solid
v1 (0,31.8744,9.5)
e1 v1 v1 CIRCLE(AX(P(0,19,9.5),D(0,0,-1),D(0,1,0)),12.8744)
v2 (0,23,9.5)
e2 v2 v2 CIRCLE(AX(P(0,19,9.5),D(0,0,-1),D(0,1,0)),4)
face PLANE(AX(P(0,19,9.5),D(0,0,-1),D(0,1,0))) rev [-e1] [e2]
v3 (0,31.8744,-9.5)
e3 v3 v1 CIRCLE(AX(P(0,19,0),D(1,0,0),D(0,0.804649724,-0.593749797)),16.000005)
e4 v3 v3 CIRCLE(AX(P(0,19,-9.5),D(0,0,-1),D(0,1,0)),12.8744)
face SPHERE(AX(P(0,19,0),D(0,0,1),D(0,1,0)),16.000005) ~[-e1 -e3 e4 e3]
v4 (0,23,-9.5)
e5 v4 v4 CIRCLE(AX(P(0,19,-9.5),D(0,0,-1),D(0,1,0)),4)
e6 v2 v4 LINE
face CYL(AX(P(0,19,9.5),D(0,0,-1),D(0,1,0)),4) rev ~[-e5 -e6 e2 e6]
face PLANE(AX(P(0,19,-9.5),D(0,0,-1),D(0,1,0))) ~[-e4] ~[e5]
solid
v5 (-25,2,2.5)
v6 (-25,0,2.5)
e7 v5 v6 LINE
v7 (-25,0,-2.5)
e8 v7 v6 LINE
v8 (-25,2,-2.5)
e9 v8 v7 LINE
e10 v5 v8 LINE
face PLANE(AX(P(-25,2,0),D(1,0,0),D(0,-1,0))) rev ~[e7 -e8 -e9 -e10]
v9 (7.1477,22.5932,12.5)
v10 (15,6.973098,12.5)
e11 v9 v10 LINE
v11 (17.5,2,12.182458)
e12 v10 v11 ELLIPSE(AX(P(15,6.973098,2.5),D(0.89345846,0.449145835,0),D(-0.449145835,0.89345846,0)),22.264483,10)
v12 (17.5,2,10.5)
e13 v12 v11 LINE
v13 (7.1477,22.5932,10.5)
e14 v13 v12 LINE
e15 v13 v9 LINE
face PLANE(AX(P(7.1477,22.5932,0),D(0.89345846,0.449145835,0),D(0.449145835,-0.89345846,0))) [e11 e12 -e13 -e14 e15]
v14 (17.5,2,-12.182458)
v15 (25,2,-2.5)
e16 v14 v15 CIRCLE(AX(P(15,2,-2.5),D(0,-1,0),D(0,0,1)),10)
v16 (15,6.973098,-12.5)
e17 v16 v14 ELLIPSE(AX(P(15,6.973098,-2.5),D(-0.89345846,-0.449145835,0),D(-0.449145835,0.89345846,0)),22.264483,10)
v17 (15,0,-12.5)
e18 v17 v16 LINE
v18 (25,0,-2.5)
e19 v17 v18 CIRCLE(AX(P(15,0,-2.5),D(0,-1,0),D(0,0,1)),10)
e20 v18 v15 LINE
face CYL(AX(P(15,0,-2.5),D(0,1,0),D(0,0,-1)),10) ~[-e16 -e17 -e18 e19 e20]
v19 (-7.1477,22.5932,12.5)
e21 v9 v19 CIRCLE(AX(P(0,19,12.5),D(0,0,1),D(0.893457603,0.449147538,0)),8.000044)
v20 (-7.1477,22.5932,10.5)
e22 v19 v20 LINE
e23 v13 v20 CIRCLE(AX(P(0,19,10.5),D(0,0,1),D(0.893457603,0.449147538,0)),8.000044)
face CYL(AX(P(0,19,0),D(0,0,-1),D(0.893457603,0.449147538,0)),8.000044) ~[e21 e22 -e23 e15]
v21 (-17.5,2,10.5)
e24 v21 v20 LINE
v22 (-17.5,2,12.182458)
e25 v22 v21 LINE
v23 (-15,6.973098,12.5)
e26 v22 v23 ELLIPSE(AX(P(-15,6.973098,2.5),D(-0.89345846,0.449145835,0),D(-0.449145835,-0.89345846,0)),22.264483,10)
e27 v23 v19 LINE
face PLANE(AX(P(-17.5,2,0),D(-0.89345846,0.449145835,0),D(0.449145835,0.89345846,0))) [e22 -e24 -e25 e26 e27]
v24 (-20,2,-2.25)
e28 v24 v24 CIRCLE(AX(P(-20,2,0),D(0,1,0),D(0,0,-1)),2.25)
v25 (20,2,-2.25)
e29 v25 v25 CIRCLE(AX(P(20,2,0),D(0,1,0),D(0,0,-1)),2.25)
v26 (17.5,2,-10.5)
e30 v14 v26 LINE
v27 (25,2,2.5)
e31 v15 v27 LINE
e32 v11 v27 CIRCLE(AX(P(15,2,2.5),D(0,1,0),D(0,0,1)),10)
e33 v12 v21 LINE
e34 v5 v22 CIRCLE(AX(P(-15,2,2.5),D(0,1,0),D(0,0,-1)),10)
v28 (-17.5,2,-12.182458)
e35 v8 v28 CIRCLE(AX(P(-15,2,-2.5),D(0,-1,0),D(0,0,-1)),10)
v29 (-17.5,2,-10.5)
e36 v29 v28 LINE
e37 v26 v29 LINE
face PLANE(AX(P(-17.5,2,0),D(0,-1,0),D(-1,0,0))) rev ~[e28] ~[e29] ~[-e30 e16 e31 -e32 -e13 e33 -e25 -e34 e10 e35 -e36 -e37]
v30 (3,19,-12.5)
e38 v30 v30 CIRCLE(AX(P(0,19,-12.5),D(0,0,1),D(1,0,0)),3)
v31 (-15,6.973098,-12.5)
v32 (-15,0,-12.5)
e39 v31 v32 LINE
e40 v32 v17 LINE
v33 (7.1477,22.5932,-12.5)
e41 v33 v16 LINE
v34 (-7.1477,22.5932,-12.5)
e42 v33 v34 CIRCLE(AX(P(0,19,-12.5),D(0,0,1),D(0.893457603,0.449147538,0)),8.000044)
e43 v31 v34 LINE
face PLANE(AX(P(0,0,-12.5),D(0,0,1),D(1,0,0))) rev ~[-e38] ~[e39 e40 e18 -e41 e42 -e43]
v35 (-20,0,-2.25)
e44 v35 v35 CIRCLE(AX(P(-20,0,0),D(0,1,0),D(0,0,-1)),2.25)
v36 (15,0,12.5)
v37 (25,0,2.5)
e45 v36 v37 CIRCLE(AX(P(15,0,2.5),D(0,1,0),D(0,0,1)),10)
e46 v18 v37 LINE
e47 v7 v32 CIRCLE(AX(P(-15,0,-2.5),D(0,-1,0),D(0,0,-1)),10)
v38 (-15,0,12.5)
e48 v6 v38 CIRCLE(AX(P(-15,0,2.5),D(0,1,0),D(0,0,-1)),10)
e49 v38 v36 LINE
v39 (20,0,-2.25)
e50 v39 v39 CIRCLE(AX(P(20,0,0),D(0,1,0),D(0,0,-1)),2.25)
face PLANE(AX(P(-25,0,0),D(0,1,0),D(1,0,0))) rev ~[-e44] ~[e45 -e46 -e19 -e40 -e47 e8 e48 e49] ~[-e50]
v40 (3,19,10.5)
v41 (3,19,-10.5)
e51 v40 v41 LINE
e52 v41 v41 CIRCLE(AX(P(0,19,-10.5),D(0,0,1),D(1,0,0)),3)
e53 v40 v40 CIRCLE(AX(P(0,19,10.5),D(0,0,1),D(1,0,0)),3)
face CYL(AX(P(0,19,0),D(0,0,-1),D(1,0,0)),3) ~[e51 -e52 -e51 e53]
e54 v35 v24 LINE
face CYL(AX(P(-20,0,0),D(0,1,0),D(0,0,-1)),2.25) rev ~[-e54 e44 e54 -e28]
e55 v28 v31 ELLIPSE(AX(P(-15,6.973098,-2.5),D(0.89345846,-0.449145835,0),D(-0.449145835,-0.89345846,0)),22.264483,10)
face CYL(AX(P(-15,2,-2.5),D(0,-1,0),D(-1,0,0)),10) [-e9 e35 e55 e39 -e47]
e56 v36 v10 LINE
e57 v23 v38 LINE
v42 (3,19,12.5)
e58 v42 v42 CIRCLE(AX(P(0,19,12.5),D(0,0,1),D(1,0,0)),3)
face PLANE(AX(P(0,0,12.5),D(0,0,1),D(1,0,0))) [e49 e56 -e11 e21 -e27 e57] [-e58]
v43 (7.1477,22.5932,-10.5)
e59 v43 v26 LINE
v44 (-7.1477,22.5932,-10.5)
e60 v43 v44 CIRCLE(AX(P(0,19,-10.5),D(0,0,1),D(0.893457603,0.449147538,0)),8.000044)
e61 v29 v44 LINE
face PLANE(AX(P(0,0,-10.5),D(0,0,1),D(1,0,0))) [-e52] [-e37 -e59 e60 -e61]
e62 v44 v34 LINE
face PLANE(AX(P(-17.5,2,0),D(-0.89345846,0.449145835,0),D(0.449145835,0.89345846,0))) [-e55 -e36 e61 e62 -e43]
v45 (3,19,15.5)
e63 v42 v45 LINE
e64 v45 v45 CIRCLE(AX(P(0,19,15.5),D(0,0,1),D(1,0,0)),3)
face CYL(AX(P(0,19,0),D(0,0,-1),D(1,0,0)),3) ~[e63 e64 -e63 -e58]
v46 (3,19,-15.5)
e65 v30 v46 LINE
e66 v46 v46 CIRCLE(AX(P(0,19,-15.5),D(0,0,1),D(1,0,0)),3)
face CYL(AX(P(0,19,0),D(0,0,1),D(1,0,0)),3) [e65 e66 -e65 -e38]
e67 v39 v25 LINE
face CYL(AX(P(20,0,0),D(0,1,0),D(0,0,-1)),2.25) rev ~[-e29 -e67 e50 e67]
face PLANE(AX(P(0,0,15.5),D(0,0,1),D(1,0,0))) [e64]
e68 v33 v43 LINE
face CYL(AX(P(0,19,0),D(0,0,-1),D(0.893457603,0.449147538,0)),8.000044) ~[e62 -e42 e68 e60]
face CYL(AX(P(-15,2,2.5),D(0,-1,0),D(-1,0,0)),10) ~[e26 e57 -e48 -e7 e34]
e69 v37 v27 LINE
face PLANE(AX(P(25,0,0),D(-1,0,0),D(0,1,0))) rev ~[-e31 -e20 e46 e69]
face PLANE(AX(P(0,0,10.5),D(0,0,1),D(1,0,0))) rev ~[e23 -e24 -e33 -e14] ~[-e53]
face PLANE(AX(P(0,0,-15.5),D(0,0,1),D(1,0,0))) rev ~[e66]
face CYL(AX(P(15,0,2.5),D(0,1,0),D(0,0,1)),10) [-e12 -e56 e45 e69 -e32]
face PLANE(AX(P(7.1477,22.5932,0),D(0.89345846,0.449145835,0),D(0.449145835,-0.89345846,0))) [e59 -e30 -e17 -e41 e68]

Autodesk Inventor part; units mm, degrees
ref_plane "YZ Plane" through (0, 0, 0) normal (1, 0, 0) x (0, 1, 0)
ref_plane "XZ Plane" through (0, 0, 0) normal (0, 1, 0) x (-1, 0, 0)
ref_plane "XY Plane" through (0, 0, 0) normal (0, 0, 1) x (1, 0, 0)
sketch "Sketch1" plane through (0, 0, 0) normal (0, 0, 1) x (1, 0, 0)
  line L0 (-25, 0) -> (25, 0)
  line L1 (25, 0) -> (25, 2)
  line L2 (25, 2) -> (-25, 2)
  line L3 (-25, 2) -> (-25, 0)
  line L4 (-17.5, 2) -> (-7.1477, 22.5932)
  line L5 (7.1477, 22.5932) -> (17.5, 2)
  line L6 (0, 19) -> (0, 2) construction
  arc A0 (7.1477, 22.5932) -> (-7.1477, 22.5932) centre (0, 19) ccw
  circle A1 centre (0, 19) radius 3
  point P0 (0, 0)
  point P1 (0, 0)
  dimension "d0" = 50
  dimension "d1" = 2
  dimension "d2" = 35
  dimension "d3" = 19
  dimension "d4" = 8
  dimension "d5" = 6
extrude "Extrusion1" add sketch "Sketch1" along normal mid plane 25
extrude "Extrusion3" add sketch "Sketch1" along normal mid plane 31 contours A1
extrude "Extrusion2" cut sketch "Sketch1" along normal mid plane 21 contours L4 A0 L5 L2
sketch "Sketch2" plane through (0, 0, 0) normal (1, 0, 0) x (0, 1, 0)
  line L0 (16, -10.5) -> (16, 10.5) projected
  line L1 (16, 10.5) -> (2, 10.5) projected
  line L2 (2, 10.5) -> (2, -10.5) projected
  line L3 (2, -10.5) -> (16, -10.5) projected
  line L4 (22, -12.5) -> (22, -15.5) projected
  line L5 (22, -15.5) -> (16, -15.5) projected
  line L6 (16, -15.5) -> (16, -12.5) projected
  line L7 (16, -12.5) -> (0, -12.5) projected
  line L8 (0, -12.5) -> (0, 12.5) projected
  line L9 (0, 12.5) -> (16, 12.5) projected
  line L10 (16, 12.5) -> (16, 15.5) projected
  line L11 (16, 15.5) -> (22, 15.5) projected
  line L12 (22, 15.5) -> (22, 12.5) projected
  line L13 (22, 12.5) -> (27, 12.5) projected
  line L14 (27, 12.5) -> (27, 10.5) projected
  line L15 (27, 10.5) -> (22, 10.5) projected
  line L16 (22, 10.5) -> (22, -10.5) projected
  line L17 (22, -10.5) -> (27, -10.5) projected
  line L18 (27, -10.5) -> (27, -12.5) projected
  line L19 (27, -12.5) -> (22, -12.5) projected
  line L20 (19, 15.5) -> (19, -15.5)
  line L21 (23, 9.5) -> (23, -9.5)
  line L22 (23, -9.5) -> (31.8744, -9.5)
  line L23 (23, 9.5) -> (31.8744, 9.5)
  arc A0 (31.8744, -9.5) -> (31.8744, 9.5) centre (19, 0) ccw
  line L24 (19, 0) -> (2, 0) construction
  line L25 (35, 9.5) -> (35, -9.5) construction
  line L26 (31.8744, 9.5) -> (35, 9.5) construction
  line L27 (35, -9.5) -> (31.8744, -9.5) construction
  point P0 (0, 0)
  dimension "d12" = 1
  dimension "d13" = 1
  dimension "d14" = 16
  dimension "d15" = 16
revolve "Revolution1" add sketch "Sketch2" angle 360 about axis through (0, 19, 15.5) along (0, 0, -1) contours L23 A0 L22 L21
fillet "Fillet1" radius 10 4 edges at (-25, 1, -12.5) (-25, 1, 12.5) (25, 1, 12.5) (25, 1, -12.5)
sketch "Sketch3" plane through (-15, 0, 12.5) normal (0, -1, 0) x (1, 0, 0)
  line L0 (40, -15) -> (40, -10) projected
  line L1 (0, 0) -> (30, 0) projected
  line L2 (-10, -10) -> (-10, -15) projected
  line L3 (30, -25) -> (0, -25) projected
  line L4 (-10, -12.5) -> (40, -12.5) construction
  line L5 (15, 0) -> (15, -25) construction
  point P0 (15, -12.5)
  point P1 (-5, -12.5)
  point P2 (35, -12.5)
  dimension "d18" = 40
hole "Hole1" at (-20, 0, 0) at (20, 0, 0) direction (0, 1, 0) diameter 4.5 end through all
properties part number "rolka_meblowa_32mm"
